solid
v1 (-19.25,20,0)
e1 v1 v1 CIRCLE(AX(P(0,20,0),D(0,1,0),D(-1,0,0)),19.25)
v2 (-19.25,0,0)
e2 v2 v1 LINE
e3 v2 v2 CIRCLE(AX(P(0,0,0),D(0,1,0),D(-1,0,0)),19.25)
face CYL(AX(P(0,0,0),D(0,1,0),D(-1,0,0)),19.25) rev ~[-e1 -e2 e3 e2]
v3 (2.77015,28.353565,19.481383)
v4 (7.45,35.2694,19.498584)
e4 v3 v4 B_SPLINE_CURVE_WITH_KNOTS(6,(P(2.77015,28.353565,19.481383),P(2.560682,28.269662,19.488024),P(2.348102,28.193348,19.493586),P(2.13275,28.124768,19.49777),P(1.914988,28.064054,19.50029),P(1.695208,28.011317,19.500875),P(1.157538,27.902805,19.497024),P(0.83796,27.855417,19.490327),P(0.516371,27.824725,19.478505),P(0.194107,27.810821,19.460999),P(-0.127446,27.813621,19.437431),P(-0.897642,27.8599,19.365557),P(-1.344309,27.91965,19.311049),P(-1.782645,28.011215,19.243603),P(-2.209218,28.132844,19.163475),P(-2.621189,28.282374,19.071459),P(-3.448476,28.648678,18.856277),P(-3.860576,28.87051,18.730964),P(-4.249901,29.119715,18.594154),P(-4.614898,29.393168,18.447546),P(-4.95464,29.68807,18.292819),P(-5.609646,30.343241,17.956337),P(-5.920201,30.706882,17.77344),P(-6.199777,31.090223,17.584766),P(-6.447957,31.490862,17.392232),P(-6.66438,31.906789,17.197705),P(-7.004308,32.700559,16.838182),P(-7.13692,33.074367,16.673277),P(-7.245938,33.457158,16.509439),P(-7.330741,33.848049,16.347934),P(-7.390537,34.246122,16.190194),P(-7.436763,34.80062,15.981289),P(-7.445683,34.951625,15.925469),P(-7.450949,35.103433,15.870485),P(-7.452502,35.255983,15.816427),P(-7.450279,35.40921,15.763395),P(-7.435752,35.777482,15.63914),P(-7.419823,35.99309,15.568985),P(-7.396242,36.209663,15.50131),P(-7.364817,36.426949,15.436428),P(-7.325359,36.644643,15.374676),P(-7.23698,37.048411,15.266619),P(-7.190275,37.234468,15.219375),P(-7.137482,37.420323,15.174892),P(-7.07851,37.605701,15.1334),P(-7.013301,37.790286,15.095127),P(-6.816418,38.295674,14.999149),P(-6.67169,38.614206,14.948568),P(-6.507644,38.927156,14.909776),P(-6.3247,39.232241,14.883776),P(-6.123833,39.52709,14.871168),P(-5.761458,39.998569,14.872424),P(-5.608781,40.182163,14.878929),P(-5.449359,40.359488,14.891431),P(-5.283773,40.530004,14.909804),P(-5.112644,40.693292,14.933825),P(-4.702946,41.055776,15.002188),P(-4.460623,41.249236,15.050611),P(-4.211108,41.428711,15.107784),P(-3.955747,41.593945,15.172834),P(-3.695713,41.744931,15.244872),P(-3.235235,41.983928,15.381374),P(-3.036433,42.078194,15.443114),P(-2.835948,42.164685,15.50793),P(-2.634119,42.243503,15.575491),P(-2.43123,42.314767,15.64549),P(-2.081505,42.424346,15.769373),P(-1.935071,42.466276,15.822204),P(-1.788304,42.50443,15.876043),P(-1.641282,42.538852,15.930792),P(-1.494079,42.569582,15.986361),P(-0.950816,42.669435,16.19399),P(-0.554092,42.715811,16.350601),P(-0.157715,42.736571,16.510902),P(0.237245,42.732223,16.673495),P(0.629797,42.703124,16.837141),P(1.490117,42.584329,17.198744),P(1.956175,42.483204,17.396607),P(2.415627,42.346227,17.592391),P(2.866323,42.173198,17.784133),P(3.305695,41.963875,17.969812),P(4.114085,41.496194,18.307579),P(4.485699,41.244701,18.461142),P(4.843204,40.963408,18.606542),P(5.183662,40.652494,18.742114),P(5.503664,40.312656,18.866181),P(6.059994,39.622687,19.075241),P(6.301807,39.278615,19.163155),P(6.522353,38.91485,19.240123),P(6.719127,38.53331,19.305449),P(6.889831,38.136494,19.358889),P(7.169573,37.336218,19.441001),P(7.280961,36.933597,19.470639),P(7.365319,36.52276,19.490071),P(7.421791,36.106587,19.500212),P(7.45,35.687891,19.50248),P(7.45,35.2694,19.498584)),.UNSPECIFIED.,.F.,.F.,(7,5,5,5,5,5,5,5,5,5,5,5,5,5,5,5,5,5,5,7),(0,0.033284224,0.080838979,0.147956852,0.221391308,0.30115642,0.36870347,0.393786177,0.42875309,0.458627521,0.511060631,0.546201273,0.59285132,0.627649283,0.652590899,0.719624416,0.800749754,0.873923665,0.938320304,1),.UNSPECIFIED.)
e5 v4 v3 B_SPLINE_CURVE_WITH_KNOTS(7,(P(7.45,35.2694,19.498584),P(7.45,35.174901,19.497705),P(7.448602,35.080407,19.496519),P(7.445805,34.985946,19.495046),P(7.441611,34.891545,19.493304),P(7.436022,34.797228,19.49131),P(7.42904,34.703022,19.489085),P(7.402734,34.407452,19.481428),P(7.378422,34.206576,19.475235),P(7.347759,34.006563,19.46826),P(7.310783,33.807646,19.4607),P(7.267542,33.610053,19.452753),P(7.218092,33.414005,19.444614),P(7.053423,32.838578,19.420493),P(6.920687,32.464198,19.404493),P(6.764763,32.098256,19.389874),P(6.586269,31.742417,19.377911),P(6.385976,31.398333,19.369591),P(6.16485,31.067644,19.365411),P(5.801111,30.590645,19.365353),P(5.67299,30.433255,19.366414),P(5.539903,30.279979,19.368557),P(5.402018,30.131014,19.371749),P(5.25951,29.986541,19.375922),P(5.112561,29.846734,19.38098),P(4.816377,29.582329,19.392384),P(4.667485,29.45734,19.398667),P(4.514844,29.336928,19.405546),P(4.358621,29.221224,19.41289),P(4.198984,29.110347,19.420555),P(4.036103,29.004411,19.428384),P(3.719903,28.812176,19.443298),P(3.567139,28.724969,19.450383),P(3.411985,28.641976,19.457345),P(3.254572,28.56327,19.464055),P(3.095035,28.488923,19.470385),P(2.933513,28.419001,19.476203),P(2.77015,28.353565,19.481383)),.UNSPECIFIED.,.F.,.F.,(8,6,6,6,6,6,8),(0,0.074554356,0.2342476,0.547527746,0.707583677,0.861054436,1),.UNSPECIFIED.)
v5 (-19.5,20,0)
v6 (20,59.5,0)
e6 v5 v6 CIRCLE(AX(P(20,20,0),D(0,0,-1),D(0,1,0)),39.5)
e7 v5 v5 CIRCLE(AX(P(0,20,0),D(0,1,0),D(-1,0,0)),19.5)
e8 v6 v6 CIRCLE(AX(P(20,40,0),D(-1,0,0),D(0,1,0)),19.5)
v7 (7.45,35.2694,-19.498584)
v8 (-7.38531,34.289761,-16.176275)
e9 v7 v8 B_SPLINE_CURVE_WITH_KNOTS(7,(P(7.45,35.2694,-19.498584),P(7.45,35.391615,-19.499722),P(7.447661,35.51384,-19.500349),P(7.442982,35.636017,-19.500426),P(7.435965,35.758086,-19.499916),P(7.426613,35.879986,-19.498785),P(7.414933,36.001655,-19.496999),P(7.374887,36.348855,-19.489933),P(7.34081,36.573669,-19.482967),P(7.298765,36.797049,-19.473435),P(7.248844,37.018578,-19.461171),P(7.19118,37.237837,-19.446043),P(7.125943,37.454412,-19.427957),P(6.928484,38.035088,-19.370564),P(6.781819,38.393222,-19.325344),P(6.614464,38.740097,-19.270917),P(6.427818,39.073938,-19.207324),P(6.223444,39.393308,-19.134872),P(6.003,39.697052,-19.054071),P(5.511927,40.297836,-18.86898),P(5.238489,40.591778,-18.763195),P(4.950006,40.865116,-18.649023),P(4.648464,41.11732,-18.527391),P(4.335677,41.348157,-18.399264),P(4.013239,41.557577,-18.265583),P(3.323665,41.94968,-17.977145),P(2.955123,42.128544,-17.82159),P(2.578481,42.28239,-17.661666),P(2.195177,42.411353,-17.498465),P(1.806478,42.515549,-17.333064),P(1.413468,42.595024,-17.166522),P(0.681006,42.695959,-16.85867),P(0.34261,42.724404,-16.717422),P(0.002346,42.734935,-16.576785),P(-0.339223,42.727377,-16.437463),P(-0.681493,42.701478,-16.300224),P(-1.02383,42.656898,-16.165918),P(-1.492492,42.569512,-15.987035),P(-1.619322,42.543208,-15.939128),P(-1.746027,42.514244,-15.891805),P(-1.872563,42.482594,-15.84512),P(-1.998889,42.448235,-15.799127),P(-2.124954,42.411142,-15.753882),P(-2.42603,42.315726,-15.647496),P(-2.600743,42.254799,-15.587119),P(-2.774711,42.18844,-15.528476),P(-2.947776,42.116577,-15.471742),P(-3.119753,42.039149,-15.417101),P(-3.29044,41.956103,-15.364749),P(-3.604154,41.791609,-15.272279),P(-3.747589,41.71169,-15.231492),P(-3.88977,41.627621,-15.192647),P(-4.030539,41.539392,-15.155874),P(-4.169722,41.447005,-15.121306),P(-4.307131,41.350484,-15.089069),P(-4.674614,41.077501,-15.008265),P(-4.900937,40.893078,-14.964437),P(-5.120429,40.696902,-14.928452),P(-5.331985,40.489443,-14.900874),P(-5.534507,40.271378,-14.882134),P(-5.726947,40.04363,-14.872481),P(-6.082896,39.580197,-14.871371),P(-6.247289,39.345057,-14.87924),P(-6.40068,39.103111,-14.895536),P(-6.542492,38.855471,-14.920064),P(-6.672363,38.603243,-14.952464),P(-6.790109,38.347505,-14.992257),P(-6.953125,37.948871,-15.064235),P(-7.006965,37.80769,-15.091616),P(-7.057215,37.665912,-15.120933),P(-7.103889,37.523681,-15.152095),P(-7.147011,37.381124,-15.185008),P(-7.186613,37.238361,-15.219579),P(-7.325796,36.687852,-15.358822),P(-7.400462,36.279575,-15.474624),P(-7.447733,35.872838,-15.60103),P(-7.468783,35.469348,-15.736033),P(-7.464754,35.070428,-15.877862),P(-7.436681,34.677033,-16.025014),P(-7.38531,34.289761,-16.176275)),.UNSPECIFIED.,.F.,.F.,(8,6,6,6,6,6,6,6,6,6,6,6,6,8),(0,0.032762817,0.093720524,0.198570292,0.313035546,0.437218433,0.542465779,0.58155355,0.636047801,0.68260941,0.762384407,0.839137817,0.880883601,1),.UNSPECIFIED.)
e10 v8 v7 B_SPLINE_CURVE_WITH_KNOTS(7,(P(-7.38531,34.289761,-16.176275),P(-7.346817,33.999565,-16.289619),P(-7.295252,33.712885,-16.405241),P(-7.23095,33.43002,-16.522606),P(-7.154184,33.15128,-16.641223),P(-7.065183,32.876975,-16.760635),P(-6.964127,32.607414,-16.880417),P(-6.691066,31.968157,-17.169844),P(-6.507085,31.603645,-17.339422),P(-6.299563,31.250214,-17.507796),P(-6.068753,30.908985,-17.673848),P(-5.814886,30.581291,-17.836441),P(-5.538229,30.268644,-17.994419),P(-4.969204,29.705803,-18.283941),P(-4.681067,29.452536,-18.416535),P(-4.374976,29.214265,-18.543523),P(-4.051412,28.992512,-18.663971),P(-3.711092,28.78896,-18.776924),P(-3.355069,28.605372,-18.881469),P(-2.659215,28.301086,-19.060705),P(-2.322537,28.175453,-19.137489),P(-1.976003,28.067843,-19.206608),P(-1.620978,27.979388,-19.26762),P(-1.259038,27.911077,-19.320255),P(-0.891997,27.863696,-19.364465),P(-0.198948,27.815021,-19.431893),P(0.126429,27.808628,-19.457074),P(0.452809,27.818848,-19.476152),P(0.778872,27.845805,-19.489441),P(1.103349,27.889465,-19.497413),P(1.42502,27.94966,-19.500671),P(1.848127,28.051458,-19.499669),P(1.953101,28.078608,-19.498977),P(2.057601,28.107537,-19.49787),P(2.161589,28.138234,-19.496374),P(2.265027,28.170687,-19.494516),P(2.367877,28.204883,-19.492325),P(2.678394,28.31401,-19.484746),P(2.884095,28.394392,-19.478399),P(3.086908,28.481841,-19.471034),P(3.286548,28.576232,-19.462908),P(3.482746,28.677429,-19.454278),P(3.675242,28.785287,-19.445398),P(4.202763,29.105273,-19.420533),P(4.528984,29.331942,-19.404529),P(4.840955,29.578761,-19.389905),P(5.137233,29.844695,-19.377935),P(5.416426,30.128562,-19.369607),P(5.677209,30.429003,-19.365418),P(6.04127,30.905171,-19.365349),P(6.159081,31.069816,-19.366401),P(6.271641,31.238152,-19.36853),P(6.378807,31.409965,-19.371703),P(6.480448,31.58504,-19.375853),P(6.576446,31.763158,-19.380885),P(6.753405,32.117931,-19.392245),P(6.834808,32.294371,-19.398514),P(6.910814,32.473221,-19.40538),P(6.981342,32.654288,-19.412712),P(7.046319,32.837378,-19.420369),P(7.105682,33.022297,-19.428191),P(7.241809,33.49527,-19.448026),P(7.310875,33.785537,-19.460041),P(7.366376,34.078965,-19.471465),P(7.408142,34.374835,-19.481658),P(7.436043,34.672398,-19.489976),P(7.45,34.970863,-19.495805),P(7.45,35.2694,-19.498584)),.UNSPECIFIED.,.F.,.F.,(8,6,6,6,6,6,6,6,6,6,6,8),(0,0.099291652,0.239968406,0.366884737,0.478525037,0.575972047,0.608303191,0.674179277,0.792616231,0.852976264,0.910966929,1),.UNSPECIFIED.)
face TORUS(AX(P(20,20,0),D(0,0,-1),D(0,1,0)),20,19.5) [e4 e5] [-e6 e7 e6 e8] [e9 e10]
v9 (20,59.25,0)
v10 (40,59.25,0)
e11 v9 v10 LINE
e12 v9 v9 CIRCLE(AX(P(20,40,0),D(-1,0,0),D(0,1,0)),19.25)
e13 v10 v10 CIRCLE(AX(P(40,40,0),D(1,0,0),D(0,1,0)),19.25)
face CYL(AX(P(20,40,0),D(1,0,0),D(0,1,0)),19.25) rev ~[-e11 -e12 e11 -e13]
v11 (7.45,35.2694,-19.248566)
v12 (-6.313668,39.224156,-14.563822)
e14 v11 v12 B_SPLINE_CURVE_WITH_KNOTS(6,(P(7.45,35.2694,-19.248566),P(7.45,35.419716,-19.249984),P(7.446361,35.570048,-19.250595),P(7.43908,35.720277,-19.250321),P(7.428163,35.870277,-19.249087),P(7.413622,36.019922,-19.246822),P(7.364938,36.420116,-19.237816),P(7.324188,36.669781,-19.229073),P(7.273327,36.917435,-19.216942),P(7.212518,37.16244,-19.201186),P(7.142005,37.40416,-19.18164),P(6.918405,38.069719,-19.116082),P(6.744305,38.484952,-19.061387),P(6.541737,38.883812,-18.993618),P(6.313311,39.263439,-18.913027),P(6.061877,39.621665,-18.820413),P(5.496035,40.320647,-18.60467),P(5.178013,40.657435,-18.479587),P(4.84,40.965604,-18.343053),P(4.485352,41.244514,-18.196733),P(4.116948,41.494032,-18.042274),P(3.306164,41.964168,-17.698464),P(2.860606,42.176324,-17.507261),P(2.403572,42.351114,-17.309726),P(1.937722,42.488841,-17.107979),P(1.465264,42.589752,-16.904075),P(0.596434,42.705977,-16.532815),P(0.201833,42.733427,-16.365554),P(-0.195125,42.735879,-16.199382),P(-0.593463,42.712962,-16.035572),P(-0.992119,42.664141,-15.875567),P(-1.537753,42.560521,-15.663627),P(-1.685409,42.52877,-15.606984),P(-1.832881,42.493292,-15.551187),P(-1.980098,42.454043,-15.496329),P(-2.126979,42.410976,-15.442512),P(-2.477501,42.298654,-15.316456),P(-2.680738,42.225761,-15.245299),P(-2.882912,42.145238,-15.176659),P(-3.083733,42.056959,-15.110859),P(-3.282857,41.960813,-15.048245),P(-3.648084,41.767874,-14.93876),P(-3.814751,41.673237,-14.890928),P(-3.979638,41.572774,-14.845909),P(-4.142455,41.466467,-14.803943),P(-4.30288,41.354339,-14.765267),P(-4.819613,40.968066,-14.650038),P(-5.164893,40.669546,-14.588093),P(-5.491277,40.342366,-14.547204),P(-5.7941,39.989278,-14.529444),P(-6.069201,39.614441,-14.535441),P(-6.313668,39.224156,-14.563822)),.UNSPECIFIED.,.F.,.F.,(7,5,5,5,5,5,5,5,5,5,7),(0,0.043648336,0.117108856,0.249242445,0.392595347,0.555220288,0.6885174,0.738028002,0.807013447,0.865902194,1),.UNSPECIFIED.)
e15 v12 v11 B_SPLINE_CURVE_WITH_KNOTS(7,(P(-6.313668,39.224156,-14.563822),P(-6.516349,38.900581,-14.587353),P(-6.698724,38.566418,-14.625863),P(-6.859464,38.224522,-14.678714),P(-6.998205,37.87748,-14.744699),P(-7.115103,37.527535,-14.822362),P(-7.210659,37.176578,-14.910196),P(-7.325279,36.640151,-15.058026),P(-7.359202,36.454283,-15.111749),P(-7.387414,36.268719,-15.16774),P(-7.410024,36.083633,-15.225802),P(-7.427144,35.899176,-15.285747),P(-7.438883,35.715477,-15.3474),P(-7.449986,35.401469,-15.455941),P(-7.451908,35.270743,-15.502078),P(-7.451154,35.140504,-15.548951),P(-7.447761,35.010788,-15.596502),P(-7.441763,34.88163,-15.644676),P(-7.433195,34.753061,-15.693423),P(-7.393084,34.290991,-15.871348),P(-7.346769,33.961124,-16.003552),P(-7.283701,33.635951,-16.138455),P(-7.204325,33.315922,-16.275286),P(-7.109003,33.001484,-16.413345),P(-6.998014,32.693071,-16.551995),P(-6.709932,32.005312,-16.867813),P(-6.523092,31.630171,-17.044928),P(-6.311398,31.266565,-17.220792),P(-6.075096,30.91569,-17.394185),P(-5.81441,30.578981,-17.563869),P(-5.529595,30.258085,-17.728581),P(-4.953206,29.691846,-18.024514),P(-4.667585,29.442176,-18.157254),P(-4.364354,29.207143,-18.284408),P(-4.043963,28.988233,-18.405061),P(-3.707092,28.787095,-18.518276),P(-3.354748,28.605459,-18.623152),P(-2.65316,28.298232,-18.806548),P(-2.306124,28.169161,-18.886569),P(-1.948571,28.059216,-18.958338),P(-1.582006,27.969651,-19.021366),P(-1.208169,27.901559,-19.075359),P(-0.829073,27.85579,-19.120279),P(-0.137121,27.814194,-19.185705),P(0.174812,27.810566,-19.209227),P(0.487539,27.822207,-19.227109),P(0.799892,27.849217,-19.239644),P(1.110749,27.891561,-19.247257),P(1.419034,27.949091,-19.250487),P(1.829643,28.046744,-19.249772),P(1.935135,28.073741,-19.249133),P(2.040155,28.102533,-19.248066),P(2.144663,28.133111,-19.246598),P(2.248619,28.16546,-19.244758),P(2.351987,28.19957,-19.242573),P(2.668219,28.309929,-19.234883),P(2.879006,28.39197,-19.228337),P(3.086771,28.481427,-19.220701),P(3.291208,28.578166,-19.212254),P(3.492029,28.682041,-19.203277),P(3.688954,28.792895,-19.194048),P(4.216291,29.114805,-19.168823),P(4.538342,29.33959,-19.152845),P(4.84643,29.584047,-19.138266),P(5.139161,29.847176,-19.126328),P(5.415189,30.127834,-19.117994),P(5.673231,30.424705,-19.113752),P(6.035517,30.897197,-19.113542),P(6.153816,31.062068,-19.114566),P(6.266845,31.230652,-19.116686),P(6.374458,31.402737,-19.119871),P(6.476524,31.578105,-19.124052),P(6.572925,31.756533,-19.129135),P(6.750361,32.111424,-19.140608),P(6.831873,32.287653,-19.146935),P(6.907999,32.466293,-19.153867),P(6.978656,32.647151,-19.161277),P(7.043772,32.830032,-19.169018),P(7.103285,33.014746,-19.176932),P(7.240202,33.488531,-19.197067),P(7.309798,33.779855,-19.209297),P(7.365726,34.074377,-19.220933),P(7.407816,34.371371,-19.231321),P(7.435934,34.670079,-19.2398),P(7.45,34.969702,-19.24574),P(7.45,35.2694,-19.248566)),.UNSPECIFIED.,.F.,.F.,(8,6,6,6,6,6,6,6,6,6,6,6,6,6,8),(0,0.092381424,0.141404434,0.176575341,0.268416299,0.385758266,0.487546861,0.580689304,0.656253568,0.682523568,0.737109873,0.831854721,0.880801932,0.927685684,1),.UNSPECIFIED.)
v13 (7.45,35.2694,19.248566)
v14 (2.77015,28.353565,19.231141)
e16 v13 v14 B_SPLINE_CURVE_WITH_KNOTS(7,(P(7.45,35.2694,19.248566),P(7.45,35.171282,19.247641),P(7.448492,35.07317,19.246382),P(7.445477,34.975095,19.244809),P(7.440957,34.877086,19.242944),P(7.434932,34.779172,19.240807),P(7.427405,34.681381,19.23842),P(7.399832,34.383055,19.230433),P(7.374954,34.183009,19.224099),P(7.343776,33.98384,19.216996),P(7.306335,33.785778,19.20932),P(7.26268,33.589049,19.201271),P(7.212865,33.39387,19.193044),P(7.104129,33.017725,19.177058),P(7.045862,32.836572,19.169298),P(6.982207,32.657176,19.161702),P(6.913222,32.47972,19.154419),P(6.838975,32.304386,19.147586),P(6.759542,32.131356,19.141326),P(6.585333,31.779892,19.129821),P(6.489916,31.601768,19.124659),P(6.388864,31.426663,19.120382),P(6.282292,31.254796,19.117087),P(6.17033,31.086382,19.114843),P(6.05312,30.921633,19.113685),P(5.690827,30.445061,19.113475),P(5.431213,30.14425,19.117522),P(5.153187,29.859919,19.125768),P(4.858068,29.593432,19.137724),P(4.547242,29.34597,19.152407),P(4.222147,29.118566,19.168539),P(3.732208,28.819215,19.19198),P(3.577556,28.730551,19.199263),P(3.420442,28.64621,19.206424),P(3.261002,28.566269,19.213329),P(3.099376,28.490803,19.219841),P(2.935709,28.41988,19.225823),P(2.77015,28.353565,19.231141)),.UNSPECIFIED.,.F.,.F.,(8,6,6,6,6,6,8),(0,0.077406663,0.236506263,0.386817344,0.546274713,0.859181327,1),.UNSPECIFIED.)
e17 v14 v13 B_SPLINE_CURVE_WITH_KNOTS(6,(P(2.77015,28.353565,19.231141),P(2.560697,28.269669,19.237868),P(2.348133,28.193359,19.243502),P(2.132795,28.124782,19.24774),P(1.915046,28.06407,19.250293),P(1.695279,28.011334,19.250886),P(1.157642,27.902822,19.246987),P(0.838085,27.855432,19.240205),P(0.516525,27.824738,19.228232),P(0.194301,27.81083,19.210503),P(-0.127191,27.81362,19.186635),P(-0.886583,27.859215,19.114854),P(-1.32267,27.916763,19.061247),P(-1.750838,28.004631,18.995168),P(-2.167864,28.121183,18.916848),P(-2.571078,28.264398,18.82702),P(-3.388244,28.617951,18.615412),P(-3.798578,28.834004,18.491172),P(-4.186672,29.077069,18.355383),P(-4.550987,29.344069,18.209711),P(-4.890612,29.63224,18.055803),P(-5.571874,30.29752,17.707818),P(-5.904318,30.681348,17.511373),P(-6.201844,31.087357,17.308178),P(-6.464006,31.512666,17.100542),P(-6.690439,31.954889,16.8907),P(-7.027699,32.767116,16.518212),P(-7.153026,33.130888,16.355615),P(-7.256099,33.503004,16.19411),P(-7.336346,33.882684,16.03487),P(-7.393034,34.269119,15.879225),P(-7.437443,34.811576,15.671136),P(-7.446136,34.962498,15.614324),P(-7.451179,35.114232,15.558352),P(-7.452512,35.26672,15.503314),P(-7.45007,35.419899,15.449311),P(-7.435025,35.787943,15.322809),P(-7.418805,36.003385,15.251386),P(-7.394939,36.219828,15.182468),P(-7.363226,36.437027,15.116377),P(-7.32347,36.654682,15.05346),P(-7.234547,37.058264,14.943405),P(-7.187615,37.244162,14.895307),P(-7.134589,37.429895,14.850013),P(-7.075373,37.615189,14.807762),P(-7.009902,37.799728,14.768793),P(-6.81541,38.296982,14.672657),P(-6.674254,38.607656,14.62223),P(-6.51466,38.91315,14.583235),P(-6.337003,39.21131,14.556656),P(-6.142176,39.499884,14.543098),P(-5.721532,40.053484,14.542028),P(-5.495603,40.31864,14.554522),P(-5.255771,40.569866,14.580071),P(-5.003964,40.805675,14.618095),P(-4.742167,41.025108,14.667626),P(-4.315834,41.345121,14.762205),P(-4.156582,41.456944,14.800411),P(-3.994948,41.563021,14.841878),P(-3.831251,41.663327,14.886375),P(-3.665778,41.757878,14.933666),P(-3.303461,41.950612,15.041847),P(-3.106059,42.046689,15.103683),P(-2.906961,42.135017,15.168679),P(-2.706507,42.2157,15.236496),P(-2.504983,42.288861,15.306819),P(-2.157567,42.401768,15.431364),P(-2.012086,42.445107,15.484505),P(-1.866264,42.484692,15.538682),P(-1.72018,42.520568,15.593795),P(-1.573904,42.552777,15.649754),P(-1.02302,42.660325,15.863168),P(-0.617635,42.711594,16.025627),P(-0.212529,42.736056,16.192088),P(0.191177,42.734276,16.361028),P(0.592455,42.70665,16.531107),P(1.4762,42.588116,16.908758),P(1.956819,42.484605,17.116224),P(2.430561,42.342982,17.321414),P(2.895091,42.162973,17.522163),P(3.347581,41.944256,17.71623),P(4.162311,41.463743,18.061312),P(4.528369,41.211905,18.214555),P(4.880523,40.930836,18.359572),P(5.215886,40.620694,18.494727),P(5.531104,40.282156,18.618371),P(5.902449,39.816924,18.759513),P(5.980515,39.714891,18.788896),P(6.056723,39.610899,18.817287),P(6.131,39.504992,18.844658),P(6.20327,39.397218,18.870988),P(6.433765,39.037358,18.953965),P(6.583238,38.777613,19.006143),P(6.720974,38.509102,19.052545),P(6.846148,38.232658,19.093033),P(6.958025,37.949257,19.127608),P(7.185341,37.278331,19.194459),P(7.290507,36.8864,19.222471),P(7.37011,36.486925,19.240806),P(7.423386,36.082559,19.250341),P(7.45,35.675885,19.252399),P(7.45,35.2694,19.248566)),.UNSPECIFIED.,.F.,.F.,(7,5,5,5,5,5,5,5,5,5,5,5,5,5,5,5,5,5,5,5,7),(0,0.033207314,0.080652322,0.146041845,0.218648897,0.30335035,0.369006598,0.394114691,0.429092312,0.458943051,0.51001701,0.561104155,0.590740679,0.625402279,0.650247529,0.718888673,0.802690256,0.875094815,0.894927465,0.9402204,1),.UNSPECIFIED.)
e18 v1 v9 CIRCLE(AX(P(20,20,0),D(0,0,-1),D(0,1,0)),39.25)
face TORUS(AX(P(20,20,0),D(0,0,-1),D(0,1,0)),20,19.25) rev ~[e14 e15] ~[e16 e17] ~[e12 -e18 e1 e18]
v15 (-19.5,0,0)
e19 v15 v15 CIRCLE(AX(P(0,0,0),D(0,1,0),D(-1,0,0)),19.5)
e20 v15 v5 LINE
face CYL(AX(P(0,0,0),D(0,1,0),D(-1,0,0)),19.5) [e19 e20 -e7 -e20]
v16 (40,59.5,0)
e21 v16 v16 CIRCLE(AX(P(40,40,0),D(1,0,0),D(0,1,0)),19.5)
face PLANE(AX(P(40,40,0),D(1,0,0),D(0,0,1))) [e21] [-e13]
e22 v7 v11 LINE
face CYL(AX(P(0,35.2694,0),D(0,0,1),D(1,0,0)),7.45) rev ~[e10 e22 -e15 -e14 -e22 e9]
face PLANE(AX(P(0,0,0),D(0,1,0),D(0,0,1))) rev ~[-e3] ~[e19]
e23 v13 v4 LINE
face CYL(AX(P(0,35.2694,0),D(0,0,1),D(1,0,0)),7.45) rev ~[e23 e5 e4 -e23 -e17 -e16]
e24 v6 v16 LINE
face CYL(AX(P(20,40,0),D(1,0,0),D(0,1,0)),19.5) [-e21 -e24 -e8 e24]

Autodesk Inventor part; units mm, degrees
ref_plane "YZ Plane" through (0, 0, 0) normal (1, 0, 0) x (0, 1, 0)
ref_plane "XZ Plane" through (0, 0, 0) normal (0, 1, 0) x (-1, 0, 0)
ref_plane "XY Plane" through (0, 0, 0) normal (0, 0, 1) x (1, 0, 0)
sketch "Sketch1" plane through (0, 0, 0) normal (0, 0, 1) x (1, 0, 0)
  line L0 (0, 0) -> (0, 20)
  line L1 (20, 40) -> (40, 40)
  arc A0 (20, 40) -> (0, 20) centre (20, 20) ccw
  point P0 (0, 40)
  dimension "d0" = 40
  dimension "d1" = 40
  dimension "d2" = 20
sketch "Sketch2" plane through (0, 0, 0) normal (0, 1, 0) x (-1, 0, 0)
  circle A0 centre (0, 0) radius 19.5
  circle A1 centre (0, 0) radius 19.25
  dimension "d3" = 39
  dimension "d4" = 38.5
sweep "Sweep1" add profiles "Sketch2" path "Sketch1"
sketch "Sketch4" plane through (0, 0, 0) normal (0, 0, 1) x (1, 0, 0)
  circle A0 centre (0, 35.2694) radius 7.45
  point P0 (0, 0)
  dimension "d10" = 14.9
extrude "Extrusion2" cut sketch "Sketch4" against normal mid plane 40
properties part number "elbow"
